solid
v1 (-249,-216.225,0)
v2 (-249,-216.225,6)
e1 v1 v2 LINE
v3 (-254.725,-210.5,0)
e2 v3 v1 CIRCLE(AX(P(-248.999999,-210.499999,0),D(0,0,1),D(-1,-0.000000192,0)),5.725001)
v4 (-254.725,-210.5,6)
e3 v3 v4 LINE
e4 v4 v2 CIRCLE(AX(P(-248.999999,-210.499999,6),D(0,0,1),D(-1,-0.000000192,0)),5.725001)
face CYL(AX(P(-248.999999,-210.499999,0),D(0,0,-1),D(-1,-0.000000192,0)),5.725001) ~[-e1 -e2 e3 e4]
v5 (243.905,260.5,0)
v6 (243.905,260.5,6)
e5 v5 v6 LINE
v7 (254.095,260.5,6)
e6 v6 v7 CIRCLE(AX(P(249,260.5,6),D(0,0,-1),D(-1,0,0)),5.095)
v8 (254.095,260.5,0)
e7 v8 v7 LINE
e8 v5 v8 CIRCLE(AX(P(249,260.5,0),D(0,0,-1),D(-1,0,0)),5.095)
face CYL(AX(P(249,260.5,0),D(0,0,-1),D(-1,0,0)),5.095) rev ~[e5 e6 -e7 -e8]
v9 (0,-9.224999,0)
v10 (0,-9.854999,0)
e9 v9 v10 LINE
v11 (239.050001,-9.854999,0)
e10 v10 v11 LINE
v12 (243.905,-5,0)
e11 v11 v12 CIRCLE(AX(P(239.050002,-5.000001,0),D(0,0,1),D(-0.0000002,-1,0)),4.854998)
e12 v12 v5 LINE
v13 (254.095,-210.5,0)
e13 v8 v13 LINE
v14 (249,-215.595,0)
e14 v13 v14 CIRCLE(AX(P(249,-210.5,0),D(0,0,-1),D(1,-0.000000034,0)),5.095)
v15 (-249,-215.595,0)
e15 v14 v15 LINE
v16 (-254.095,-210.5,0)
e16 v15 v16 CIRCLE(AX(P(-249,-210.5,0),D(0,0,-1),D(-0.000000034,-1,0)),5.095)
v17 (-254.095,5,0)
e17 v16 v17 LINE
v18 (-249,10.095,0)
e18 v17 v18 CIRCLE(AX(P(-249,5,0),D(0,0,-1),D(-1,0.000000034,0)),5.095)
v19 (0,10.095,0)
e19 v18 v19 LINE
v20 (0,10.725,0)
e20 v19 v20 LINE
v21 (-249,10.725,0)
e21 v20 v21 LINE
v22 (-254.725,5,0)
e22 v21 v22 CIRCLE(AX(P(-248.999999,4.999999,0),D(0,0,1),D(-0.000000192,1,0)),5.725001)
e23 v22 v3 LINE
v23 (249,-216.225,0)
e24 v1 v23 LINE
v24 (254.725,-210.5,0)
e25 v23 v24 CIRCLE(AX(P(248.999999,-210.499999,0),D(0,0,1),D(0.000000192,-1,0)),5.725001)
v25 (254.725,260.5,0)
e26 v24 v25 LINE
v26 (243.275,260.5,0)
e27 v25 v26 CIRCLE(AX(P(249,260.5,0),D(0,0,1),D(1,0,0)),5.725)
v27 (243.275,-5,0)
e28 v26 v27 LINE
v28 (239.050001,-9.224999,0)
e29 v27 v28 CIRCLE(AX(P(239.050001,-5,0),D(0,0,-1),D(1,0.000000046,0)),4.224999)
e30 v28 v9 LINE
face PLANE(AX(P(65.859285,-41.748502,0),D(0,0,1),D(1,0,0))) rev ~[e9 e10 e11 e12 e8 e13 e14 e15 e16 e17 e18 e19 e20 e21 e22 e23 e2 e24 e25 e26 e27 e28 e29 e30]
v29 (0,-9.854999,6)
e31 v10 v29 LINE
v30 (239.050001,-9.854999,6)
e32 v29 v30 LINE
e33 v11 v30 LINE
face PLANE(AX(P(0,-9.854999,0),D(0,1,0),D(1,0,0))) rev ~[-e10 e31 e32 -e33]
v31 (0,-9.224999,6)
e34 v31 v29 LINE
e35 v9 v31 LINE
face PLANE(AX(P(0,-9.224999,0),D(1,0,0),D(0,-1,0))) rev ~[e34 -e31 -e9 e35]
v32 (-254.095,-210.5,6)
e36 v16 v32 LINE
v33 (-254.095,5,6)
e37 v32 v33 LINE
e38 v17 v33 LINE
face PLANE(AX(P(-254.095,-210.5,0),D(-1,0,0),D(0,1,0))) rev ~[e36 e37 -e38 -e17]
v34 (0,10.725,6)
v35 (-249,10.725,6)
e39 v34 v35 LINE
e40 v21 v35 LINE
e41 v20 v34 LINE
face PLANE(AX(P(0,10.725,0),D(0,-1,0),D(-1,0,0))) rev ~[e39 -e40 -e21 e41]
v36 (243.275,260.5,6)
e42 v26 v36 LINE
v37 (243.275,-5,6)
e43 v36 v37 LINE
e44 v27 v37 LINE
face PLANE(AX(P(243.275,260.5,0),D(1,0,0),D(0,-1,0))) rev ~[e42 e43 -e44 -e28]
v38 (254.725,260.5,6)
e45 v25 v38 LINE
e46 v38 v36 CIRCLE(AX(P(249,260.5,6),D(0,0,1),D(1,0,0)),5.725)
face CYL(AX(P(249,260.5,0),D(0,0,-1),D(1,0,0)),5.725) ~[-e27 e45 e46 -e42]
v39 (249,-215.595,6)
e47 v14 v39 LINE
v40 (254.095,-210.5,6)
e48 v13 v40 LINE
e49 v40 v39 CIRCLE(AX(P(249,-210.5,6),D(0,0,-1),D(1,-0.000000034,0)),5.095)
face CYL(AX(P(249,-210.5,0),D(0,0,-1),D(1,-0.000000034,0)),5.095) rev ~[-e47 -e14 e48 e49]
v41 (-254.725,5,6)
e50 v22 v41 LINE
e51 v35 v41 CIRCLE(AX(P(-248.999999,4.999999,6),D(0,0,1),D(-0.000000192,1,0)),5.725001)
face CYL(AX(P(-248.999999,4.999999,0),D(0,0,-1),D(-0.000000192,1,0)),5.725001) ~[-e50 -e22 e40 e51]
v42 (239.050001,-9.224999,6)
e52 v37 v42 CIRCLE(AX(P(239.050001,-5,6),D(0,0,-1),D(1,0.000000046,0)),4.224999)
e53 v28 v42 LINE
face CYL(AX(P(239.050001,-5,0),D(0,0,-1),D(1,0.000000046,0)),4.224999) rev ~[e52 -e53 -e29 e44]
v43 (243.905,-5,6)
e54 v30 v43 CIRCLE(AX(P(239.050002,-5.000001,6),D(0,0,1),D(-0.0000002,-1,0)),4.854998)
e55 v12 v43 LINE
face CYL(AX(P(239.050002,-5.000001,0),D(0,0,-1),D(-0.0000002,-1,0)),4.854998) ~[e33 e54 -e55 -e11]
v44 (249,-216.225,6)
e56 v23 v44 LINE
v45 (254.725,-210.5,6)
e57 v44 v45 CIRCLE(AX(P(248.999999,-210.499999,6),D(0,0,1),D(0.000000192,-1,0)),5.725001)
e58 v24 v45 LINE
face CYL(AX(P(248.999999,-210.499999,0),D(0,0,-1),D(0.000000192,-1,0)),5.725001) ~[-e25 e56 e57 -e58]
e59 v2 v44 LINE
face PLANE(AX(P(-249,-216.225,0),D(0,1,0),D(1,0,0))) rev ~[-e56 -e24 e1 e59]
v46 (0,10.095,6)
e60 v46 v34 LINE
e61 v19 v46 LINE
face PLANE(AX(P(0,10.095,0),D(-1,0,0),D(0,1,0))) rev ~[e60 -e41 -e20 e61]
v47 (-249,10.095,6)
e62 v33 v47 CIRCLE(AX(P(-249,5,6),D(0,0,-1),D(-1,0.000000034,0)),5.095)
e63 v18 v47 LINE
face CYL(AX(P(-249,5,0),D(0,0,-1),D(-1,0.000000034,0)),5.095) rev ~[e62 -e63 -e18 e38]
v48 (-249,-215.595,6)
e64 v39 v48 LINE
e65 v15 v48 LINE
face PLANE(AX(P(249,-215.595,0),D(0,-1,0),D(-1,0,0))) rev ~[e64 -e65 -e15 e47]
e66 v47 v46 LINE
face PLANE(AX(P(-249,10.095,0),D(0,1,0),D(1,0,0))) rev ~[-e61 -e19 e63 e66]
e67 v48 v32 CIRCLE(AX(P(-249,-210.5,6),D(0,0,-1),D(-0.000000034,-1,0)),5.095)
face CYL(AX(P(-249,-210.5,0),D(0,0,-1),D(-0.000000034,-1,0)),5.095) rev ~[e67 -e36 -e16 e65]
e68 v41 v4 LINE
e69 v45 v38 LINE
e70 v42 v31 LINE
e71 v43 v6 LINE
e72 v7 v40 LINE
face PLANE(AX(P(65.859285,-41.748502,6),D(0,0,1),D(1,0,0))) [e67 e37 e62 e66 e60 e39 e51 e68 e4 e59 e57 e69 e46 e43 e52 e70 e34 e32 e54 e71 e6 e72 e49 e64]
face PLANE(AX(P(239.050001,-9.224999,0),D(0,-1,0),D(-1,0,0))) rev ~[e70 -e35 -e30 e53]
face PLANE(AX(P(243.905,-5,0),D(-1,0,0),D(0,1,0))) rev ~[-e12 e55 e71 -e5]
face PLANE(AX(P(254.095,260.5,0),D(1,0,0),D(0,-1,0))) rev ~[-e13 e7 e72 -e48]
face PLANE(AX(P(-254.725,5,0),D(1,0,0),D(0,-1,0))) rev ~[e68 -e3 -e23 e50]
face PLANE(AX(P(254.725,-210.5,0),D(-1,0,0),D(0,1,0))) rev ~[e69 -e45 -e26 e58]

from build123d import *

# Parameters (mm, degrees)
F1_DEPTH = 6


with BuildPart() as f1:
    # F0 (on Top) → F1 (new body)
    with BuildSketch(Plane.XY):
        with BuildLine():
            ThreePointArc((243.905, 260.5), (249, 265.595), (254.095, 260.5))
            Line((254.095, 260.5), (254.095, -210.5))
            ThreePointArc((254.095, -210.5), (252.602709, -214.102709), (249, -215.595))
            Line((249, -215.595), (0, -215.595))
            Line((0, -215.595), (-249, -215.595))
            ThreePointArc((-249, -215.595), (-252.602709, -214.102709), (-254.095, -210.5))
            Line((-254.095, -210.5), (-254.095, 5))
            ThreePointArc((-254.095, 5), (-252.602709, 8.602709), (-249, 10.095))
            Line((-249, 10.095), (0, 10.095))
            Line((0, 10.095), (0, 10.116))
            Line((0, 10.116), (0, 10.725))
            Line((0, 10.725), (-249, 10.725))
            ThreePointArc((-249, 10.725), (-253.048186, 9.048186), (-254.725, 5))
            Line((-254.725, 5), (-254.725, -210.5))
            ThreePointArc((-254.725, -210.5), (-253.048186, -214.548186), (-249, -216.225))
            Line((-249, -216.225), (0, -216.225))
            Line((0, -216.225), (249, -216.225))
            ThreePointArc((249, -216.225), (253.048186, -214.548186), (254.725, -210.5))
            Line((254.725, -210.5), (254.725, 260.5))
            ThreePointArc((254.725, 260.5), (249, 266.225), (243.275, 260.5))
            Line((243.275, 260.5), (243.275, -5))
            ThreePointArc((243.275, -5), (242.037526, -7.987526), (239.050001, -9.224999))
            Line((239.050001, -9.224999), (236.658265, -9.224999))
            Line((236.658265, -9.224999), (0, -9.224999))
            Line((0, -9.224999), (0, -9.854999))
            Line((0, -9.854999), (239.050001, -9.854999))
            ThreePointArc((239.050001, -9.854999), (242.483004, -8.433003), (243.905, -5))
            Line((243.905, -5), (243.905, 260.5))
        make_face()
    extrude(amount=F1_DEPTH)


solid = f1.part
